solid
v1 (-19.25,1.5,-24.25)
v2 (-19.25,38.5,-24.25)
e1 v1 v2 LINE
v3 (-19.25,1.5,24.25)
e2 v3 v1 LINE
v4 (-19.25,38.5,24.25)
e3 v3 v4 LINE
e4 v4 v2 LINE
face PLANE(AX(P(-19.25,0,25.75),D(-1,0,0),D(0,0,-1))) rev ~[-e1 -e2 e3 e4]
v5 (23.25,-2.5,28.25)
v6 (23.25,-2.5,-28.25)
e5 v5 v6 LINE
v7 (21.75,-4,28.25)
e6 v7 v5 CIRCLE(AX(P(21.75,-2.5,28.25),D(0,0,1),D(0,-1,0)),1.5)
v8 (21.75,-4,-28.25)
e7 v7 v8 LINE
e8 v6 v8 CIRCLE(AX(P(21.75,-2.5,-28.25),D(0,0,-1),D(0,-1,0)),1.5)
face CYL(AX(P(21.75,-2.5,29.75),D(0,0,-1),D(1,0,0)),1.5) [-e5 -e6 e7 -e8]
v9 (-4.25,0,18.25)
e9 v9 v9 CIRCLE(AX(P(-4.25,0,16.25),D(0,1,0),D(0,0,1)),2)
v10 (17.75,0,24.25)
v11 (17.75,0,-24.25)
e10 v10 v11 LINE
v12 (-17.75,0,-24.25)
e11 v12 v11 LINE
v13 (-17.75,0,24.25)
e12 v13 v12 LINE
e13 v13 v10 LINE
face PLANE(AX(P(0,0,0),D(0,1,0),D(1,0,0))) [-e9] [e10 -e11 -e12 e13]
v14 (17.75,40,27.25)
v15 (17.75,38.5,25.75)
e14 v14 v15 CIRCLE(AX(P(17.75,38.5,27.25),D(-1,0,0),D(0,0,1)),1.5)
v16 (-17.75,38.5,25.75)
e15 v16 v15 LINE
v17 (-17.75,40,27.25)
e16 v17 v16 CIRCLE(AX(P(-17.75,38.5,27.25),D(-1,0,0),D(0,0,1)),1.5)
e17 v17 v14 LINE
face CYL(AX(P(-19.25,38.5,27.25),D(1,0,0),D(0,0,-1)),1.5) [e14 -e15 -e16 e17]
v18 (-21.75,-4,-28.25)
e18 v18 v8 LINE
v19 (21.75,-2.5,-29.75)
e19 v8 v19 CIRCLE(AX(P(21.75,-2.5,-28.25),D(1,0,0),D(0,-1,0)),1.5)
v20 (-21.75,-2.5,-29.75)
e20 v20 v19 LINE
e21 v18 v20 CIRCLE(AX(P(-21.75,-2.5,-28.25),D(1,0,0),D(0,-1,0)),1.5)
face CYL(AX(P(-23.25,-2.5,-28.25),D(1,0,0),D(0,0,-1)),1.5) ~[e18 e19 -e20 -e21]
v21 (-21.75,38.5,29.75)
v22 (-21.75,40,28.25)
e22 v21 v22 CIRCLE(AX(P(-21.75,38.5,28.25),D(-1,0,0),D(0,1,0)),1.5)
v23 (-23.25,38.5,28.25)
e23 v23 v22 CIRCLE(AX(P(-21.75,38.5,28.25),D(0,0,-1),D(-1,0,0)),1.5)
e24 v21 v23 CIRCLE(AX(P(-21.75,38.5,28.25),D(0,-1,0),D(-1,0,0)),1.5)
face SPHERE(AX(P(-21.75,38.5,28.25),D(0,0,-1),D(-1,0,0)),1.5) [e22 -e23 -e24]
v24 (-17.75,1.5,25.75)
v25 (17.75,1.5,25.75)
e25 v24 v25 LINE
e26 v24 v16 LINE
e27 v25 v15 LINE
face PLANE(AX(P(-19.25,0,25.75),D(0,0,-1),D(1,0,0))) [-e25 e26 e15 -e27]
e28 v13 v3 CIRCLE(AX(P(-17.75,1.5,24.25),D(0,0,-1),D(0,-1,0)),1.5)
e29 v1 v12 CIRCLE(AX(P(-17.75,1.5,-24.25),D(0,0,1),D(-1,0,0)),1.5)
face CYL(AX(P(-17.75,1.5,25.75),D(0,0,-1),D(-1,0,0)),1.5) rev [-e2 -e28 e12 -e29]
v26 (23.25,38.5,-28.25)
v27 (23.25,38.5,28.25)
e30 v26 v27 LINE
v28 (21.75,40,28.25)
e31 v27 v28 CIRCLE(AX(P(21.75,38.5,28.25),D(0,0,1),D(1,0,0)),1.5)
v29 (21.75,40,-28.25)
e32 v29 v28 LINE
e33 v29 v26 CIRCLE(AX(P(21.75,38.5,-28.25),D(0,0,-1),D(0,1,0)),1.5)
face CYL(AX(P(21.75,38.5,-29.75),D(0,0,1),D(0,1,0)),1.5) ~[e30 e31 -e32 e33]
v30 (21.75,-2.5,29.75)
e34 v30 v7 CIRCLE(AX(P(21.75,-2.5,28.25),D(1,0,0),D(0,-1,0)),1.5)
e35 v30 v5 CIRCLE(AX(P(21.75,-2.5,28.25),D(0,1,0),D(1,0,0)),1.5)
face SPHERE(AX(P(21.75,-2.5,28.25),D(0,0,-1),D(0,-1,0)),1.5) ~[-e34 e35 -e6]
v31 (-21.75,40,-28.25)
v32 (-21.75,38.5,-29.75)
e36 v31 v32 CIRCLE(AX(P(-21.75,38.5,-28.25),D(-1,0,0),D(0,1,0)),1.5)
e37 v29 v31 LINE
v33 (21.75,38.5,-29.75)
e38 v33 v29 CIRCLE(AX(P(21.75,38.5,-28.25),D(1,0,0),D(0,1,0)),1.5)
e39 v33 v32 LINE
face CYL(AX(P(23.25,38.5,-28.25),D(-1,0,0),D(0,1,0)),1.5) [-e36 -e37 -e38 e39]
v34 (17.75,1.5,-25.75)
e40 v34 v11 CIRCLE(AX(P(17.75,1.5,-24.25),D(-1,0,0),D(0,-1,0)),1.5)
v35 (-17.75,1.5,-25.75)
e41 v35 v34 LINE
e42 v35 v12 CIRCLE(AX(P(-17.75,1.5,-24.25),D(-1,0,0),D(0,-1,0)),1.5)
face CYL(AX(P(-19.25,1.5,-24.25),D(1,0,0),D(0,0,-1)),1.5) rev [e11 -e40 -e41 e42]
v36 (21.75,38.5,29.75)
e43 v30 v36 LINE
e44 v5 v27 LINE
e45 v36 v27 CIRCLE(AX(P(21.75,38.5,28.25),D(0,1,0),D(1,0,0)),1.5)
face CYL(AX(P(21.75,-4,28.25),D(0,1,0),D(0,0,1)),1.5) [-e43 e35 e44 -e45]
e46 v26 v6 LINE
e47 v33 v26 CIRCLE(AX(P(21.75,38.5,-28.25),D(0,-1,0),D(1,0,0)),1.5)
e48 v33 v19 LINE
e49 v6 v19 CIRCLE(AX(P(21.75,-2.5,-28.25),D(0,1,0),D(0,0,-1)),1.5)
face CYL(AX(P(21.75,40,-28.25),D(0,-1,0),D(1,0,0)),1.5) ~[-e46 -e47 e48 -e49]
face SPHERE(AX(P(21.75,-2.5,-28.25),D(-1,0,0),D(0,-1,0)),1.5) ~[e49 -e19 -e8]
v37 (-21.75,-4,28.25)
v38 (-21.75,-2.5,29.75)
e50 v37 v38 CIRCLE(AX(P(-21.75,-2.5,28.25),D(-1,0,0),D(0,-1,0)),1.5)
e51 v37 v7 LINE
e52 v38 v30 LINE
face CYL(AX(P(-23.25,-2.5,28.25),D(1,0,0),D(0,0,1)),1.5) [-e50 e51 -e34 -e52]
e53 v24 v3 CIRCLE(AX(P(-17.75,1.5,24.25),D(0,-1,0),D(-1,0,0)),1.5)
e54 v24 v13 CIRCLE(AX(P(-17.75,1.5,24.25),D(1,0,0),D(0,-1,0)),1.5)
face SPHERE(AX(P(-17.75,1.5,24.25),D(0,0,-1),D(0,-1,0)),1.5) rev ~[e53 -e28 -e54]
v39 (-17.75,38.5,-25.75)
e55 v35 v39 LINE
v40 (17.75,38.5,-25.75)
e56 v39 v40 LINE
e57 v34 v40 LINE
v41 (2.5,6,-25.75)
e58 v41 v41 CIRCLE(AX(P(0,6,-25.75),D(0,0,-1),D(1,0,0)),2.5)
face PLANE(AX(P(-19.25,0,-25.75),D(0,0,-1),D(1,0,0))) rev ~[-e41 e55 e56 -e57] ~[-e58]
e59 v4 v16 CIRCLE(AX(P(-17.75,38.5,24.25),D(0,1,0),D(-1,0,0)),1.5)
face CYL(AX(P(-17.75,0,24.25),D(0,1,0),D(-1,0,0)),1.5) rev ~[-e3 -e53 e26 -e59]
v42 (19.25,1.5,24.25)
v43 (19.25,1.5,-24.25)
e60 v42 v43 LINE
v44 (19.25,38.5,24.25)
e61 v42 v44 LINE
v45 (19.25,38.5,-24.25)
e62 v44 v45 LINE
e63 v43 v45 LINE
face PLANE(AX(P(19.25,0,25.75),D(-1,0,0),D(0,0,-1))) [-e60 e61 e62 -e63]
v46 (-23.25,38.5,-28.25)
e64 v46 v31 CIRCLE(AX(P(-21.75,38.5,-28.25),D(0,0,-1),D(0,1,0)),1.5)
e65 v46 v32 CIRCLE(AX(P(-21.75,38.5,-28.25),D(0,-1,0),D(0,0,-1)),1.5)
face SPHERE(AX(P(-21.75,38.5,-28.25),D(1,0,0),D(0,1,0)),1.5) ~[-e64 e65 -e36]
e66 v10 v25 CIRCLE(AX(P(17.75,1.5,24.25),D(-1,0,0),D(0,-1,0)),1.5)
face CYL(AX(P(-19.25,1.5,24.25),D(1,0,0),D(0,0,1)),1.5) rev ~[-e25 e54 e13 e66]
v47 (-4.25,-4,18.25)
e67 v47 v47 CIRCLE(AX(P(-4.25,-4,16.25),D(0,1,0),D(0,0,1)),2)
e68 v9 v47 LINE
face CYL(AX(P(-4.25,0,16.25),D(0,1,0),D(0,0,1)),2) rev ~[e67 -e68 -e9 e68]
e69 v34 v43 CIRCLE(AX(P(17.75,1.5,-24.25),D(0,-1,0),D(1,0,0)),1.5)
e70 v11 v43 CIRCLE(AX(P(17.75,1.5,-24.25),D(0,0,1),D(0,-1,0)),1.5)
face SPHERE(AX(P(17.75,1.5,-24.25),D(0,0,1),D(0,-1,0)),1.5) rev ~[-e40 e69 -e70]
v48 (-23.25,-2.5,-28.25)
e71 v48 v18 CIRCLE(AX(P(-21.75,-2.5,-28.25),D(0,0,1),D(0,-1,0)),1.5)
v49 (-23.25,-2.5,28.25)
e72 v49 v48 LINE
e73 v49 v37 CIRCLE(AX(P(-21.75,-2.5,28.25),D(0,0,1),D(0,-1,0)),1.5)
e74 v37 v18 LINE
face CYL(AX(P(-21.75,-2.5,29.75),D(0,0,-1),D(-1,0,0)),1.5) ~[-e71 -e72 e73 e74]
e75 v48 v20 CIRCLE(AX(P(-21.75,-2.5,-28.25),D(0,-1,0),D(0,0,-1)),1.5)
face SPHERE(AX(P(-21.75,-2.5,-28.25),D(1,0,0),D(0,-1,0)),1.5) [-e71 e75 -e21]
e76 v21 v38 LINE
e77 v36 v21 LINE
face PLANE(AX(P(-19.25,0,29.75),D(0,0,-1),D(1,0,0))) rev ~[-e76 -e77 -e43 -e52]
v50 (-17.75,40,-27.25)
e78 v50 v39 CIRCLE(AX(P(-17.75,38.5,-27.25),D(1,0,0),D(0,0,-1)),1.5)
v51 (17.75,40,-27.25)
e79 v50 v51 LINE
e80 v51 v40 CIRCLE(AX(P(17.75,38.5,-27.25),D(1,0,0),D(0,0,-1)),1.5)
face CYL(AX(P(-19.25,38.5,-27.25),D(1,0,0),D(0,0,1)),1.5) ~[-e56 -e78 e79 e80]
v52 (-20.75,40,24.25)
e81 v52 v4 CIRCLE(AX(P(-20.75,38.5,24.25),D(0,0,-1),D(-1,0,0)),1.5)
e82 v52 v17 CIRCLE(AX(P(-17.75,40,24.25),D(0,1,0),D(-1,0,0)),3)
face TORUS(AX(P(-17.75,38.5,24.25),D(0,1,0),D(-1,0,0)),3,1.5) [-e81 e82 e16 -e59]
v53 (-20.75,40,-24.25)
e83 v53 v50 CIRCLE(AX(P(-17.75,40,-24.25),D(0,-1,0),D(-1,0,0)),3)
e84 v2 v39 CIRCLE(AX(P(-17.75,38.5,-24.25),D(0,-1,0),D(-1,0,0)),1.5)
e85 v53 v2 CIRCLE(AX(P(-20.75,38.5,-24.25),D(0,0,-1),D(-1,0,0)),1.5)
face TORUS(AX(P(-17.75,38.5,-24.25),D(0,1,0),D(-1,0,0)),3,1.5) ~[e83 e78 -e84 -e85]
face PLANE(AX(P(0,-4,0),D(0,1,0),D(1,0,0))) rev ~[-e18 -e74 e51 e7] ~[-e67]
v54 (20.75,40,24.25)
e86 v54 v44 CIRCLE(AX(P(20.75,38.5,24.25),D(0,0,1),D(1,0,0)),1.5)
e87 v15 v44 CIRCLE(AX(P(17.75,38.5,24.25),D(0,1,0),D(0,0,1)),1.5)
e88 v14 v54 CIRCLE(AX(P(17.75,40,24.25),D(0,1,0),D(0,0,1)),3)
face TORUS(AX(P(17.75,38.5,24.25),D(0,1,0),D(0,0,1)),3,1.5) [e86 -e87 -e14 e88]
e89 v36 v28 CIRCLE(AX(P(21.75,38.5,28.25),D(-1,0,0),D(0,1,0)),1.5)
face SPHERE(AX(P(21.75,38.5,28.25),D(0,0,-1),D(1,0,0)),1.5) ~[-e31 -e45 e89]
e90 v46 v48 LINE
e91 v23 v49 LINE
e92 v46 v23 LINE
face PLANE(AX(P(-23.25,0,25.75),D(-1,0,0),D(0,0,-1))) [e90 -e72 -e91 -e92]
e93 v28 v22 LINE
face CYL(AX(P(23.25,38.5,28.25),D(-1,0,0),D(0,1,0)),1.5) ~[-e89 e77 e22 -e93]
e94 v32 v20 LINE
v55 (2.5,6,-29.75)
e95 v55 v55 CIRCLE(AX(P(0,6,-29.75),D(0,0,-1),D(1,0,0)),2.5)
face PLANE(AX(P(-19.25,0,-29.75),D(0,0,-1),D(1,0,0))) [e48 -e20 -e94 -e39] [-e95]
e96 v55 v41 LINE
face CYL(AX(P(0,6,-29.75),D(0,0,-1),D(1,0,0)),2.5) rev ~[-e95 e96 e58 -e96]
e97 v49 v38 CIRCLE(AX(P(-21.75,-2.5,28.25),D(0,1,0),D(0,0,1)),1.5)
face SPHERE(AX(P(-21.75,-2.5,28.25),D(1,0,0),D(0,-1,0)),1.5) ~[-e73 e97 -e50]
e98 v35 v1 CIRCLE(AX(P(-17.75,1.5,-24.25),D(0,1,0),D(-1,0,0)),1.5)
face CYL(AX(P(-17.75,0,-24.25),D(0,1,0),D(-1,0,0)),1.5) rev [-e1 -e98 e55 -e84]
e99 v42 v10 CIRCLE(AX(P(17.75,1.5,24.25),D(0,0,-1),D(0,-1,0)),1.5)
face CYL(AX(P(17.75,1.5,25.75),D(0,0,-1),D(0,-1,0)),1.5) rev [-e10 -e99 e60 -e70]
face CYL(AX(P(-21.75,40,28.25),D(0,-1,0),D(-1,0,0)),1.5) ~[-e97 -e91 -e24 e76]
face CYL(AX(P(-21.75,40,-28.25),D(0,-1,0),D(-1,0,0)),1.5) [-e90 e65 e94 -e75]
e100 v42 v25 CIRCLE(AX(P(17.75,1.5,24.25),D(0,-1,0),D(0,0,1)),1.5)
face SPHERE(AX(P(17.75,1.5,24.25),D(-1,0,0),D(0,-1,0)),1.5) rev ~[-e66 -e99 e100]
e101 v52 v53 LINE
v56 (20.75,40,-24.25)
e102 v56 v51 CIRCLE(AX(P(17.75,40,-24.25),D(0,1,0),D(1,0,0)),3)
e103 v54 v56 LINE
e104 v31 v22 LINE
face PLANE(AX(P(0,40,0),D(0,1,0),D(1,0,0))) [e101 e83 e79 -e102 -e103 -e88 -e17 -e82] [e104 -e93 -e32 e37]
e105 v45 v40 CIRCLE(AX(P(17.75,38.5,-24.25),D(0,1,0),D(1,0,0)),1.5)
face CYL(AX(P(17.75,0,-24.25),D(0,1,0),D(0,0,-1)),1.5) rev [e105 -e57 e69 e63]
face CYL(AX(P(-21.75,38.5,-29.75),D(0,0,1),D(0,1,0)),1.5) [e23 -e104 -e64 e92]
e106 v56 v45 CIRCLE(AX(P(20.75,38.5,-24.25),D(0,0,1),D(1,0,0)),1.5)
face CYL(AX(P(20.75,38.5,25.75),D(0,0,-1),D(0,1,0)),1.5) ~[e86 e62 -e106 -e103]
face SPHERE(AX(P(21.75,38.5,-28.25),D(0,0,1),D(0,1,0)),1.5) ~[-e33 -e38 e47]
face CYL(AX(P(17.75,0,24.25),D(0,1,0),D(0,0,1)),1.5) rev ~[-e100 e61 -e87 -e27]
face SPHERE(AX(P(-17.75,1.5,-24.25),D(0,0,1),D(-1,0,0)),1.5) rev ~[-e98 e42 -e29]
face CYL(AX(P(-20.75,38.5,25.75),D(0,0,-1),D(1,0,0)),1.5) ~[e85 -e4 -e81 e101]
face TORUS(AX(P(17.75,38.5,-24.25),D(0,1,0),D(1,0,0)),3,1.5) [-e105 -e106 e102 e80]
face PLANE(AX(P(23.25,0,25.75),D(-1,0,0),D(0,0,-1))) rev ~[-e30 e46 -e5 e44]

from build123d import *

# Parameters (mm, degrees)
SKETCH1_W           = 38.5
SKETCH1_H           = 51.5
BOSS_EXTRUDE1_DEPTH = 40
SHELL1_T            = 4
SKETCH2_R           = 2.5
CUT_EXTRUDE3_DEPTH  = 4
FILLET2_R           = 1.5
SKETCH5_R           = 2
CUT_EXTRUDE4_DEPTH  = 56.005681525


with BuildPart() as part:
    # Sketch1 → Boss-Extrude1 (new body)
    with BuildSketch(Plane(origin=(0, 0, 0), x_dir=(1, 0, 0), z_dir=(0, 1, 0))):
        Rectangle(SKETCH1_W, SKETCH1_H)
    extrude(amount=BOSS_EXTRUDE1_DEPTH)

    # Shell1
    shell1_openings = [part.faces().sort_by_distance(p)[0] for p in [
        (0, 40, 0),
    ]]
    offset(amount=SHELL1_T, openings=shell1_openings, kind=Kind.INTERSECTION)

    # Sketch2 → Cut-Extrude3 (cut)
    with BuildSketch(Plane(origin=(0, 0, -29.75), x_dir=(-1, 0, 0), z_dir=(0, 0, -1))):
        with Locations(Location((0, 6, 0), (0, 0, 180))):
            Circle(SKETCH2_R)
    extrude(amount=-CUT_EXTRUDE3_DEPTH, mode=Mode.SUBTRACT)

    # Fillet2
    fillet2_edges = [part.edges().sort_by_distance(p)[0] for p in [
        (23.25, 40, 0),
        (0, 40, -29.75),
        (-19.25, 0, 0),
        (-19.25, 20, -25.75),
        (0, 0, 25.75),
        (-19.25, 20, 25.75),
        (19.25, 0, 0),
        (19.25, 20, 25.75),
        (0, 0, -25.75),
        (19.25, 20, -25.75),
        (-19.25, 40, 0),
        (0, 40, 25.75),
        (19.25, 40, 0),
        (0, 40, -25.75),
        (-23.25, 40, 0),
        (0, -4, -29.75),
        (23.25, -4, 0),
        (0, -4, 29.75),
        (-23.25, -4, 0),
        (-23.25, 18, -29.75),
        (23.25, 18, -29.75),
        (23.25, 18, 29.75),
        (-23.25, 18, 29.75),
        (0, 40, 29.75),
    ]]
    fillet(fillet2_edges, radius=FILLET2_R)

    # Sketch5 → Cut-Extrude4 (cut, through all)
    with BuildSketch(Plane(origin=(0, 0, 0), x_dir=(1, 0, 0), z_dir=(0, 1, 0))):
        with Locations(Location((-4.25, -16.25, 0), (0, 0, 270))):
            Circle(SKETCH5_R)
    extrude(amount=-CUT_EXTRUDE4_DEPTH, mode=Mode.SUBTRACT)


solid = part.part
